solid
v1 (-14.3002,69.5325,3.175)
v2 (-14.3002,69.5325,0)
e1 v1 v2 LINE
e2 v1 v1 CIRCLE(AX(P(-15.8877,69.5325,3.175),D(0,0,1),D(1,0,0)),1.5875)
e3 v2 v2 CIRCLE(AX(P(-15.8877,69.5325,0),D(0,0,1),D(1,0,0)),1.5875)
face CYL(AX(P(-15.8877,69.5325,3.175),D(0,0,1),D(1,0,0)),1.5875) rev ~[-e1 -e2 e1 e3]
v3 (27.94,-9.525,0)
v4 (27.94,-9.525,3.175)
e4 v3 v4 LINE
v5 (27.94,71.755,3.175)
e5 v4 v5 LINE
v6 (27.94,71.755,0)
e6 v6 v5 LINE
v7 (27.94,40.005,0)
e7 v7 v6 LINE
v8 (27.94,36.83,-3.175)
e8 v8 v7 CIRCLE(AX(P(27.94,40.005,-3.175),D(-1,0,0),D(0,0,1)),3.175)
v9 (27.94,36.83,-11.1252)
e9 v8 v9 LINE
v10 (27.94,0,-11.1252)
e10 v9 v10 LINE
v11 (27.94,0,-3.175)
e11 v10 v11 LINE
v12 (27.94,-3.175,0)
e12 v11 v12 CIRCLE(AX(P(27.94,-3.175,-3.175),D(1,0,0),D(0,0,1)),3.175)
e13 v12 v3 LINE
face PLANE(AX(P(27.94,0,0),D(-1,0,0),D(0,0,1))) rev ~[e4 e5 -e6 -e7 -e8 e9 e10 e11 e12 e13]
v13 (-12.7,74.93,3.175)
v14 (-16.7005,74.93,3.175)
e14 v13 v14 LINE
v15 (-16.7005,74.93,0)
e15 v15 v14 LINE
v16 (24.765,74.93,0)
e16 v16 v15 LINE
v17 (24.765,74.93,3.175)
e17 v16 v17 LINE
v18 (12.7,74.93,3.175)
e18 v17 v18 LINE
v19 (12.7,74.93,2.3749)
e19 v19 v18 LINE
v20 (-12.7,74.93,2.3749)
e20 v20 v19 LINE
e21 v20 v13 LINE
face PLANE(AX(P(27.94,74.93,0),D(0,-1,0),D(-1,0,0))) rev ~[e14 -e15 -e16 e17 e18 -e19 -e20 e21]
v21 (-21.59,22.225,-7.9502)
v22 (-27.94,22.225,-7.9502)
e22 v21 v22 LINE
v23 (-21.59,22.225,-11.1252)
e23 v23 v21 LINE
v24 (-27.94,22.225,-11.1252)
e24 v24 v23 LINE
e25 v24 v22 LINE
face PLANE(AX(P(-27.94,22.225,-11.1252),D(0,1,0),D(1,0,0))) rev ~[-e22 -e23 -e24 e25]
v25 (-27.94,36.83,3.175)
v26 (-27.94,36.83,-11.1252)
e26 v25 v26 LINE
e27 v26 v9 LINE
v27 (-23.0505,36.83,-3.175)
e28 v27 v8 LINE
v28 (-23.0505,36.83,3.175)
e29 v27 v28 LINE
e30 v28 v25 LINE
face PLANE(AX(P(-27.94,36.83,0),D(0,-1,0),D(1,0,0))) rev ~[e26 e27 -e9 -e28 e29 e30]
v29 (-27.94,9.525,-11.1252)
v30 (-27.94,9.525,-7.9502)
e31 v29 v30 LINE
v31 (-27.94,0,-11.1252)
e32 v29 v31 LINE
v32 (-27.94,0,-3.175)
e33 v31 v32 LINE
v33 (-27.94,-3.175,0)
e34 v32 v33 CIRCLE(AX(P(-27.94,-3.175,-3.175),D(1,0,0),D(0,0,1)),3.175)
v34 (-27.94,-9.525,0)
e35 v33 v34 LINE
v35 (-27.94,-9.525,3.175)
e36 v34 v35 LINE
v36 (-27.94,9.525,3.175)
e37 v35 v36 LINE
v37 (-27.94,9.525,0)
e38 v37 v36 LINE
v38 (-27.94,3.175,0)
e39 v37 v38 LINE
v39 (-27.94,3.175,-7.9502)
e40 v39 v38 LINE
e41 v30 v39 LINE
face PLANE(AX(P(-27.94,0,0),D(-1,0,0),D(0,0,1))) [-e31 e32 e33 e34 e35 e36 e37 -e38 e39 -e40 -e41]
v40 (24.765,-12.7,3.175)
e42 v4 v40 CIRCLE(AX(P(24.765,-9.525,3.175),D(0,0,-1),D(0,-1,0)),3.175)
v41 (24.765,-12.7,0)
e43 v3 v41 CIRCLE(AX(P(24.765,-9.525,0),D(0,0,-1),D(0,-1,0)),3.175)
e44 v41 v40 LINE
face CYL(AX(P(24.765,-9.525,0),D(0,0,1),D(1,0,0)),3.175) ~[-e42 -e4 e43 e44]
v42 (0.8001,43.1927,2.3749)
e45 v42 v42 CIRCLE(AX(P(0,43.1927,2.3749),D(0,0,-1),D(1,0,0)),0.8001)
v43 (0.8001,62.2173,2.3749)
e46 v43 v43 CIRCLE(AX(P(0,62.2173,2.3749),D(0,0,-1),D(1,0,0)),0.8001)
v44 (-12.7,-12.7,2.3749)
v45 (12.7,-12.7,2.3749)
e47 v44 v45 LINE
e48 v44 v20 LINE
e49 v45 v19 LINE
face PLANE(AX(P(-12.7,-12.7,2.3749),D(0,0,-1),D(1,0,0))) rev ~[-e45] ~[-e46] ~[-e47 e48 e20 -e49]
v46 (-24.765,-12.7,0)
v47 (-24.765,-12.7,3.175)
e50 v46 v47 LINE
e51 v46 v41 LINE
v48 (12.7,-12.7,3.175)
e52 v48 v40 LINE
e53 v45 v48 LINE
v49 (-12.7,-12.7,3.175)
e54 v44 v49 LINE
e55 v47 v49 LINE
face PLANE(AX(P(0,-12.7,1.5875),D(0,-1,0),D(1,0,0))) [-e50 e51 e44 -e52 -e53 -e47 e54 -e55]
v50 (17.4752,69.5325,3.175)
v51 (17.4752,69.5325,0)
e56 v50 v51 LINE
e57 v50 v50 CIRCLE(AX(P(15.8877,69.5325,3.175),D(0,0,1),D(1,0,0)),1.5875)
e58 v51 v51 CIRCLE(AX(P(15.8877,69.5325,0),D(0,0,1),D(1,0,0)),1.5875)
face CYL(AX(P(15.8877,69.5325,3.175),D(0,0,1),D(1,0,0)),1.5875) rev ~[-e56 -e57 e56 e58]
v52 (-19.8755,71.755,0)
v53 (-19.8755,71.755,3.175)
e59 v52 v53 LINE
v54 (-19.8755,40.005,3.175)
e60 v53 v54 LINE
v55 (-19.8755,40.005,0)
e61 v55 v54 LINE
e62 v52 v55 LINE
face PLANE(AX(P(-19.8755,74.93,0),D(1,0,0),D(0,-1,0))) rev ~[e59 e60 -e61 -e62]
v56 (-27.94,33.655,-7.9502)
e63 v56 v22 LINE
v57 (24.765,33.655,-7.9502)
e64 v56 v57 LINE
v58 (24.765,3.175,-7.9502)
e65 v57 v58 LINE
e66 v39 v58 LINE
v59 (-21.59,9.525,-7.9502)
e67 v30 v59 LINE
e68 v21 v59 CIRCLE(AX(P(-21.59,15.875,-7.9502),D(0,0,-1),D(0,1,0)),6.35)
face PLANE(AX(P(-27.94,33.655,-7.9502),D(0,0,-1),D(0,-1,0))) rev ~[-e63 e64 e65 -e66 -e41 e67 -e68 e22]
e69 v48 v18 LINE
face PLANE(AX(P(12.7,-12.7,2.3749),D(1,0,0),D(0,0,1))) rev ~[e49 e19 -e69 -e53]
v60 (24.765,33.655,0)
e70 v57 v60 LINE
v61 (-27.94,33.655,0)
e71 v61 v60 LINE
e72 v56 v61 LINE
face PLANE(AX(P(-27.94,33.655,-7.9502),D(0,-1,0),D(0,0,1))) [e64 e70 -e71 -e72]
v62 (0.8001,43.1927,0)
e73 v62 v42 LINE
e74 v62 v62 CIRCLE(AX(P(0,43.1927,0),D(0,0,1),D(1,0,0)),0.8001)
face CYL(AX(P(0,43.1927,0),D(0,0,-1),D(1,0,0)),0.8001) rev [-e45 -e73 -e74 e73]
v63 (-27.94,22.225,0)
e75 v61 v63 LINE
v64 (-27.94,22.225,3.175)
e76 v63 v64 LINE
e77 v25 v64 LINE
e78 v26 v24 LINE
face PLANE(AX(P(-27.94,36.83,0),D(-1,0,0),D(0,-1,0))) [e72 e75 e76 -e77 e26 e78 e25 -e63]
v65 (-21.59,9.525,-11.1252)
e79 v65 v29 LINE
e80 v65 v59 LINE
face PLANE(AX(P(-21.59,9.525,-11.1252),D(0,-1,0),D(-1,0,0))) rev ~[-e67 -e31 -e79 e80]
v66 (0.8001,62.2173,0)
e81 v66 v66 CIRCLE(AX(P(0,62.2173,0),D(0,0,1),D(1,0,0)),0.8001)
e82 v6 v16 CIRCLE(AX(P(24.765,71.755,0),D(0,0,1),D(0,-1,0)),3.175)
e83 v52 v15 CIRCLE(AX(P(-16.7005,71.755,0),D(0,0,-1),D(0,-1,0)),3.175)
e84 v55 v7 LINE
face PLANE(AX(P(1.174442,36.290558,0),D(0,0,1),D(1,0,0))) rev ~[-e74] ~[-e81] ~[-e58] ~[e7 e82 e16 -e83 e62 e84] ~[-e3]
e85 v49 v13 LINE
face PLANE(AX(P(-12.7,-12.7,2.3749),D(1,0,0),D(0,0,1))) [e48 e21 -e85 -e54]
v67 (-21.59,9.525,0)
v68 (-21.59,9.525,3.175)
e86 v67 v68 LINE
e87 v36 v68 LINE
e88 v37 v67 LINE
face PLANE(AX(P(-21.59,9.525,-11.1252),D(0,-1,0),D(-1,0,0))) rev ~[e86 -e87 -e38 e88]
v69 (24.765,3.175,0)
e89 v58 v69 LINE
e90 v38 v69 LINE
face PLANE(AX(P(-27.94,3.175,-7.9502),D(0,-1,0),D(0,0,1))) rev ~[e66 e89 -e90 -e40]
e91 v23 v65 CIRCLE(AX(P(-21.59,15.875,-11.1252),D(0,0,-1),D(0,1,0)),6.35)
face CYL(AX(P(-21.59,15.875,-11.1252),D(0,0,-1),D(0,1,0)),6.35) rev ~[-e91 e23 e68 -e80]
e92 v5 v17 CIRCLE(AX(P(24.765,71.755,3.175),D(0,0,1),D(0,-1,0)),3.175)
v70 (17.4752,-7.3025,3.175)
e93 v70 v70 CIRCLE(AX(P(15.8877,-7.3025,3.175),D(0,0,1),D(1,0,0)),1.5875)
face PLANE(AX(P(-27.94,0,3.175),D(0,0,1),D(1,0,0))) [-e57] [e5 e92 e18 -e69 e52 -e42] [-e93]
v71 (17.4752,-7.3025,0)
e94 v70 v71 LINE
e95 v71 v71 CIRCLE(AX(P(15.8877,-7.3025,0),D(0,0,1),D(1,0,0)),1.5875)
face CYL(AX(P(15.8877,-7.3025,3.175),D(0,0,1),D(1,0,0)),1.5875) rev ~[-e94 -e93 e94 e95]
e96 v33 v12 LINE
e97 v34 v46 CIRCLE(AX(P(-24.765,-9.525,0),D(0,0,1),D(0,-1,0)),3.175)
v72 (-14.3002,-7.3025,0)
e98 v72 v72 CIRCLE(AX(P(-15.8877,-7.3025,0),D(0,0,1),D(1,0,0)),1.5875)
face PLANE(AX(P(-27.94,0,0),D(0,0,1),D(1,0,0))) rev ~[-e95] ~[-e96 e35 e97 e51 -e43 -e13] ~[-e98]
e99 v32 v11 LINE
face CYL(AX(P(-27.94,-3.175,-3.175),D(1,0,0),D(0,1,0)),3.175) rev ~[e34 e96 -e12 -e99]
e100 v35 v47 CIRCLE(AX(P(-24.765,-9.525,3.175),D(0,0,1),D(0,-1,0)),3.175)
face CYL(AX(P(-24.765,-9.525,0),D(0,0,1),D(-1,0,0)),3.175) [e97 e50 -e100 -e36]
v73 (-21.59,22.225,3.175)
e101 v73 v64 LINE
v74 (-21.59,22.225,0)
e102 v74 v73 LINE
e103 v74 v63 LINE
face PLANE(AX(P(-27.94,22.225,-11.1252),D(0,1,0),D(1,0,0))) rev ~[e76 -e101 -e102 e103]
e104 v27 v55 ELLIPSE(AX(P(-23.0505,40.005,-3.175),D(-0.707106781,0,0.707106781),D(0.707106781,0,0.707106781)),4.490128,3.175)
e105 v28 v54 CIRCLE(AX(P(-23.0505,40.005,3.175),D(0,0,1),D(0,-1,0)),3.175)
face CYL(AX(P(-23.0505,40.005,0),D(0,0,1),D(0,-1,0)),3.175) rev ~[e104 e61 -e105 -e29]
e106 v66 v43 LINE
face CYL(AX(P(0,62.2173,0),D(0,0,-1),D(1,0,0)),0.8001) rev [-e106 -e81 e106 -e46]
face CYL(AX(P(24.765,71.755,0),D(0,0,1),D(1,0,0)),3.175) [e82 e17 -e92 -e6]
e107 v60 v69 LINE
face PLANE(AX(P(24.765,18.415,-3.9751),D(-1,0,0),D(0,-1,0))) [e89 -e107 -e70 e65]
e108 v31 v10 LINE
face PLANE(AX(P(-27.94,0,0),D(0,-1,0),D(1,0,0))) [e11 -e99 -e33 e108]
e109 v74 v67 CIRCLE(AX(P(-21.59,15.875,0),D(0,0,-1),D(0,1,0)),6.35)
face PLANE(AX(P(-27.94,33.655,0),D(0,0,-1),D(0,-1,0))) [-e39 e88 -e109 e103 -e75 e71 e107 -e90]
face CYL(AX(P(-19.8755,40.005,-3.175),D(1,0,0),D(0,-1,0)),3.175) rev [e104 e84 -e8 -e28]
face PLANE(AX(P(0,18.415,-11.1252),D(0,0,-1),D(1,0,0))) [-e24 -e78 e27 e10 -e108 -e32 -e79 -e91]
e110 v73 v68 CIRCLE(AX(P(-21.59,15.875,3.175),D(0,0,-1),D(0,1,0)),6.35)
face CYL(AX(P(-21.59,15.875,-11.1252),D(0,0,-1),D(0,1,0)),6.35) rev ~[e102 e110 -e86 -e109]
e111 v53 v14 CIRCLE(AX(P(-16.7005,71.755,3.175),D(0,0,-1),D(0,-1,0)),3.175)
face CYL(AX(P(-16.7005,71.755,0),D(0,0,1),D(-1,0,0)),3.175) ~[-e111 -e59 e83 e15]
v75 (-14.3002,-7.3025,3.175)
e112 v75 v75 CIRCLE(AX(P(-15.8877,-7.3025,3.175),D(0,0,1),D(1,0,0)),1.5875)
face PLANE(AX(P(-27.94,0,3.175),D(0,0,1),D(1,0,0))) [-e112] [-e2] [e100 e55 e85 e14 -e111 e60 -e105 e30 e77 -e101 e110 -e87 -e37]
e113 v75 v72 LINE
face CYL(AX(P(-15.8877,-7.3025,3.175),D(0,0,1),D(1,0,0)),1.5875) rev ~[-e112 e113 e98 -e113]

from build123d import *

# Parameters (mm, degrees)
F0_R      = 0.8001
F1_DEPTH  = 3.175
F2_W      = 55.88
F2_H      = 36.83
F3_DEPTH  = 11.1252
F5_DEPTH  = 14.3012
F6_W      = 30.48
F6_H      = 7.9502
F7_DEPTH  = 52.705
F8_W      = 55.88
F8_H      = 3.175
F9_DEPTH  = 12.7
F10_R     = 3.175
F11_R     = 1.5875
F12_DEPTH = 14.3012
F13_W     = 25.4
F13_H     = 1.6002
F14_DEPTH = 87.631


with BuildPart() as f1:
    # F0 (on Top) → F1 (new body)
    with BuildSketch(Plane.XY):
        Polygon((-27.94, 0), (27.94, 0), (27.94, 74.93), (-19.8755, 74.93), (-19.8755, 36.83), (-27.94, 36.83), align=None)
        with Locations((0, 43.1927)):
            Circle(F0_R, mode=Mode.SUBTRACT)
        with Locations((0, 62.2173)):
            Circle(F0_R, mode=Mode.SUBTRACT)
    extrude(amount=F1_DEPTH)

    # F2 (on face) → F3 (join)
    with BuildSketch(Plane(origin=(0, 0, 0), x_dir=(1, 0, 0), z_dir=(0, 0, -1))):
        with Locations((0, -18.415)):
            Rectangle(F2_W, F2_H)
    extrude(amount=F3_DEPTH)

    # F4 (on face) → F5 (cut, through all)
    with BuildSketch(Plane(origin=(0, 0, -11.1252), x_dir=(1, 0, 0), z_dir=(0, 0, -1))):
        with BuildLine():
            Line((-27.94, -9.525), (-27.94, -22.225))
            Line((-27.94, -22.225), (-21.59, -22.225))
            ThreePointArc((-21.59, -22.225), (-15.24, -15.875), (-21.59, -9.525))
            Line((-21.59, -9.525), (-27.94, -9.525))
        make_face()
    extrude(amount=-F5_DEPTH, mode=Mode.SUBTRACT)

    # F6 (on face) → F7 (cut)
    with BuildSketch(Plane(origin=(-27.94, 0, 0), x_dir=(0, -1, 0), z_dir=(-1, 0, 0))):
        with Locations((-18.415, -3.9751)):
            Rectangle(F6_W, F6_H)
    extrude(amount=-F7_DEPTH, mode=Mode.SUBTRACT)

    # F8 (on face) → F9 (join)
    with BuildSketch(Plane.XZ):
        with Locations((0, 1.5875)):
            Rectangle(F8_W, F8_H)
    extrude(amount=F9_DEPTH)

    # F10
    f10_edges = [f1.edges().sort_by_distance(p)[0] for p in [
        (4.03225, 36.83, 0),
        (-19.8755, 36.83, 1.5875),
        (-19.8755, 74.93, 1.5875),
        (27.94, 74.93, 1.5875),
        (0, 0, 0),
        (-27.94, -12.7, 1.5875),
        (27.94, -12.7, 1.5875),
    ]]
    fillet(f10_edges, radius=F10_R)

    # F11 (on face) → F12 (cut, through all)
    with BuildSketch(Plane.XY.offset(3.175)):
        with Locations((-15.8877, 69.5325)):
            Circle(F11_R)
        with Locations((15.8877, 69.5325)):
            Circle(F11_R)
        with Locations((-15.8877, -7.3025)):
            Circle(F11_R)
        with Locations((15.8877, -7.3025)):
            Circle(F11_R)
    extrude(amount=-F12_DEPTH, mode=Mode.SUBTRACT)

    # F13 (on face) → F14 (cut, through all)
    with BuildSketch(Plane.XZ.offset(12.7)):
        with Locations((0, 3.175)):
            Rectangle(F13_W, F13_H)
    extrude(amount=-F14_DEPTH, mode=Mode.SUBTRACT)


solid = f1.part
